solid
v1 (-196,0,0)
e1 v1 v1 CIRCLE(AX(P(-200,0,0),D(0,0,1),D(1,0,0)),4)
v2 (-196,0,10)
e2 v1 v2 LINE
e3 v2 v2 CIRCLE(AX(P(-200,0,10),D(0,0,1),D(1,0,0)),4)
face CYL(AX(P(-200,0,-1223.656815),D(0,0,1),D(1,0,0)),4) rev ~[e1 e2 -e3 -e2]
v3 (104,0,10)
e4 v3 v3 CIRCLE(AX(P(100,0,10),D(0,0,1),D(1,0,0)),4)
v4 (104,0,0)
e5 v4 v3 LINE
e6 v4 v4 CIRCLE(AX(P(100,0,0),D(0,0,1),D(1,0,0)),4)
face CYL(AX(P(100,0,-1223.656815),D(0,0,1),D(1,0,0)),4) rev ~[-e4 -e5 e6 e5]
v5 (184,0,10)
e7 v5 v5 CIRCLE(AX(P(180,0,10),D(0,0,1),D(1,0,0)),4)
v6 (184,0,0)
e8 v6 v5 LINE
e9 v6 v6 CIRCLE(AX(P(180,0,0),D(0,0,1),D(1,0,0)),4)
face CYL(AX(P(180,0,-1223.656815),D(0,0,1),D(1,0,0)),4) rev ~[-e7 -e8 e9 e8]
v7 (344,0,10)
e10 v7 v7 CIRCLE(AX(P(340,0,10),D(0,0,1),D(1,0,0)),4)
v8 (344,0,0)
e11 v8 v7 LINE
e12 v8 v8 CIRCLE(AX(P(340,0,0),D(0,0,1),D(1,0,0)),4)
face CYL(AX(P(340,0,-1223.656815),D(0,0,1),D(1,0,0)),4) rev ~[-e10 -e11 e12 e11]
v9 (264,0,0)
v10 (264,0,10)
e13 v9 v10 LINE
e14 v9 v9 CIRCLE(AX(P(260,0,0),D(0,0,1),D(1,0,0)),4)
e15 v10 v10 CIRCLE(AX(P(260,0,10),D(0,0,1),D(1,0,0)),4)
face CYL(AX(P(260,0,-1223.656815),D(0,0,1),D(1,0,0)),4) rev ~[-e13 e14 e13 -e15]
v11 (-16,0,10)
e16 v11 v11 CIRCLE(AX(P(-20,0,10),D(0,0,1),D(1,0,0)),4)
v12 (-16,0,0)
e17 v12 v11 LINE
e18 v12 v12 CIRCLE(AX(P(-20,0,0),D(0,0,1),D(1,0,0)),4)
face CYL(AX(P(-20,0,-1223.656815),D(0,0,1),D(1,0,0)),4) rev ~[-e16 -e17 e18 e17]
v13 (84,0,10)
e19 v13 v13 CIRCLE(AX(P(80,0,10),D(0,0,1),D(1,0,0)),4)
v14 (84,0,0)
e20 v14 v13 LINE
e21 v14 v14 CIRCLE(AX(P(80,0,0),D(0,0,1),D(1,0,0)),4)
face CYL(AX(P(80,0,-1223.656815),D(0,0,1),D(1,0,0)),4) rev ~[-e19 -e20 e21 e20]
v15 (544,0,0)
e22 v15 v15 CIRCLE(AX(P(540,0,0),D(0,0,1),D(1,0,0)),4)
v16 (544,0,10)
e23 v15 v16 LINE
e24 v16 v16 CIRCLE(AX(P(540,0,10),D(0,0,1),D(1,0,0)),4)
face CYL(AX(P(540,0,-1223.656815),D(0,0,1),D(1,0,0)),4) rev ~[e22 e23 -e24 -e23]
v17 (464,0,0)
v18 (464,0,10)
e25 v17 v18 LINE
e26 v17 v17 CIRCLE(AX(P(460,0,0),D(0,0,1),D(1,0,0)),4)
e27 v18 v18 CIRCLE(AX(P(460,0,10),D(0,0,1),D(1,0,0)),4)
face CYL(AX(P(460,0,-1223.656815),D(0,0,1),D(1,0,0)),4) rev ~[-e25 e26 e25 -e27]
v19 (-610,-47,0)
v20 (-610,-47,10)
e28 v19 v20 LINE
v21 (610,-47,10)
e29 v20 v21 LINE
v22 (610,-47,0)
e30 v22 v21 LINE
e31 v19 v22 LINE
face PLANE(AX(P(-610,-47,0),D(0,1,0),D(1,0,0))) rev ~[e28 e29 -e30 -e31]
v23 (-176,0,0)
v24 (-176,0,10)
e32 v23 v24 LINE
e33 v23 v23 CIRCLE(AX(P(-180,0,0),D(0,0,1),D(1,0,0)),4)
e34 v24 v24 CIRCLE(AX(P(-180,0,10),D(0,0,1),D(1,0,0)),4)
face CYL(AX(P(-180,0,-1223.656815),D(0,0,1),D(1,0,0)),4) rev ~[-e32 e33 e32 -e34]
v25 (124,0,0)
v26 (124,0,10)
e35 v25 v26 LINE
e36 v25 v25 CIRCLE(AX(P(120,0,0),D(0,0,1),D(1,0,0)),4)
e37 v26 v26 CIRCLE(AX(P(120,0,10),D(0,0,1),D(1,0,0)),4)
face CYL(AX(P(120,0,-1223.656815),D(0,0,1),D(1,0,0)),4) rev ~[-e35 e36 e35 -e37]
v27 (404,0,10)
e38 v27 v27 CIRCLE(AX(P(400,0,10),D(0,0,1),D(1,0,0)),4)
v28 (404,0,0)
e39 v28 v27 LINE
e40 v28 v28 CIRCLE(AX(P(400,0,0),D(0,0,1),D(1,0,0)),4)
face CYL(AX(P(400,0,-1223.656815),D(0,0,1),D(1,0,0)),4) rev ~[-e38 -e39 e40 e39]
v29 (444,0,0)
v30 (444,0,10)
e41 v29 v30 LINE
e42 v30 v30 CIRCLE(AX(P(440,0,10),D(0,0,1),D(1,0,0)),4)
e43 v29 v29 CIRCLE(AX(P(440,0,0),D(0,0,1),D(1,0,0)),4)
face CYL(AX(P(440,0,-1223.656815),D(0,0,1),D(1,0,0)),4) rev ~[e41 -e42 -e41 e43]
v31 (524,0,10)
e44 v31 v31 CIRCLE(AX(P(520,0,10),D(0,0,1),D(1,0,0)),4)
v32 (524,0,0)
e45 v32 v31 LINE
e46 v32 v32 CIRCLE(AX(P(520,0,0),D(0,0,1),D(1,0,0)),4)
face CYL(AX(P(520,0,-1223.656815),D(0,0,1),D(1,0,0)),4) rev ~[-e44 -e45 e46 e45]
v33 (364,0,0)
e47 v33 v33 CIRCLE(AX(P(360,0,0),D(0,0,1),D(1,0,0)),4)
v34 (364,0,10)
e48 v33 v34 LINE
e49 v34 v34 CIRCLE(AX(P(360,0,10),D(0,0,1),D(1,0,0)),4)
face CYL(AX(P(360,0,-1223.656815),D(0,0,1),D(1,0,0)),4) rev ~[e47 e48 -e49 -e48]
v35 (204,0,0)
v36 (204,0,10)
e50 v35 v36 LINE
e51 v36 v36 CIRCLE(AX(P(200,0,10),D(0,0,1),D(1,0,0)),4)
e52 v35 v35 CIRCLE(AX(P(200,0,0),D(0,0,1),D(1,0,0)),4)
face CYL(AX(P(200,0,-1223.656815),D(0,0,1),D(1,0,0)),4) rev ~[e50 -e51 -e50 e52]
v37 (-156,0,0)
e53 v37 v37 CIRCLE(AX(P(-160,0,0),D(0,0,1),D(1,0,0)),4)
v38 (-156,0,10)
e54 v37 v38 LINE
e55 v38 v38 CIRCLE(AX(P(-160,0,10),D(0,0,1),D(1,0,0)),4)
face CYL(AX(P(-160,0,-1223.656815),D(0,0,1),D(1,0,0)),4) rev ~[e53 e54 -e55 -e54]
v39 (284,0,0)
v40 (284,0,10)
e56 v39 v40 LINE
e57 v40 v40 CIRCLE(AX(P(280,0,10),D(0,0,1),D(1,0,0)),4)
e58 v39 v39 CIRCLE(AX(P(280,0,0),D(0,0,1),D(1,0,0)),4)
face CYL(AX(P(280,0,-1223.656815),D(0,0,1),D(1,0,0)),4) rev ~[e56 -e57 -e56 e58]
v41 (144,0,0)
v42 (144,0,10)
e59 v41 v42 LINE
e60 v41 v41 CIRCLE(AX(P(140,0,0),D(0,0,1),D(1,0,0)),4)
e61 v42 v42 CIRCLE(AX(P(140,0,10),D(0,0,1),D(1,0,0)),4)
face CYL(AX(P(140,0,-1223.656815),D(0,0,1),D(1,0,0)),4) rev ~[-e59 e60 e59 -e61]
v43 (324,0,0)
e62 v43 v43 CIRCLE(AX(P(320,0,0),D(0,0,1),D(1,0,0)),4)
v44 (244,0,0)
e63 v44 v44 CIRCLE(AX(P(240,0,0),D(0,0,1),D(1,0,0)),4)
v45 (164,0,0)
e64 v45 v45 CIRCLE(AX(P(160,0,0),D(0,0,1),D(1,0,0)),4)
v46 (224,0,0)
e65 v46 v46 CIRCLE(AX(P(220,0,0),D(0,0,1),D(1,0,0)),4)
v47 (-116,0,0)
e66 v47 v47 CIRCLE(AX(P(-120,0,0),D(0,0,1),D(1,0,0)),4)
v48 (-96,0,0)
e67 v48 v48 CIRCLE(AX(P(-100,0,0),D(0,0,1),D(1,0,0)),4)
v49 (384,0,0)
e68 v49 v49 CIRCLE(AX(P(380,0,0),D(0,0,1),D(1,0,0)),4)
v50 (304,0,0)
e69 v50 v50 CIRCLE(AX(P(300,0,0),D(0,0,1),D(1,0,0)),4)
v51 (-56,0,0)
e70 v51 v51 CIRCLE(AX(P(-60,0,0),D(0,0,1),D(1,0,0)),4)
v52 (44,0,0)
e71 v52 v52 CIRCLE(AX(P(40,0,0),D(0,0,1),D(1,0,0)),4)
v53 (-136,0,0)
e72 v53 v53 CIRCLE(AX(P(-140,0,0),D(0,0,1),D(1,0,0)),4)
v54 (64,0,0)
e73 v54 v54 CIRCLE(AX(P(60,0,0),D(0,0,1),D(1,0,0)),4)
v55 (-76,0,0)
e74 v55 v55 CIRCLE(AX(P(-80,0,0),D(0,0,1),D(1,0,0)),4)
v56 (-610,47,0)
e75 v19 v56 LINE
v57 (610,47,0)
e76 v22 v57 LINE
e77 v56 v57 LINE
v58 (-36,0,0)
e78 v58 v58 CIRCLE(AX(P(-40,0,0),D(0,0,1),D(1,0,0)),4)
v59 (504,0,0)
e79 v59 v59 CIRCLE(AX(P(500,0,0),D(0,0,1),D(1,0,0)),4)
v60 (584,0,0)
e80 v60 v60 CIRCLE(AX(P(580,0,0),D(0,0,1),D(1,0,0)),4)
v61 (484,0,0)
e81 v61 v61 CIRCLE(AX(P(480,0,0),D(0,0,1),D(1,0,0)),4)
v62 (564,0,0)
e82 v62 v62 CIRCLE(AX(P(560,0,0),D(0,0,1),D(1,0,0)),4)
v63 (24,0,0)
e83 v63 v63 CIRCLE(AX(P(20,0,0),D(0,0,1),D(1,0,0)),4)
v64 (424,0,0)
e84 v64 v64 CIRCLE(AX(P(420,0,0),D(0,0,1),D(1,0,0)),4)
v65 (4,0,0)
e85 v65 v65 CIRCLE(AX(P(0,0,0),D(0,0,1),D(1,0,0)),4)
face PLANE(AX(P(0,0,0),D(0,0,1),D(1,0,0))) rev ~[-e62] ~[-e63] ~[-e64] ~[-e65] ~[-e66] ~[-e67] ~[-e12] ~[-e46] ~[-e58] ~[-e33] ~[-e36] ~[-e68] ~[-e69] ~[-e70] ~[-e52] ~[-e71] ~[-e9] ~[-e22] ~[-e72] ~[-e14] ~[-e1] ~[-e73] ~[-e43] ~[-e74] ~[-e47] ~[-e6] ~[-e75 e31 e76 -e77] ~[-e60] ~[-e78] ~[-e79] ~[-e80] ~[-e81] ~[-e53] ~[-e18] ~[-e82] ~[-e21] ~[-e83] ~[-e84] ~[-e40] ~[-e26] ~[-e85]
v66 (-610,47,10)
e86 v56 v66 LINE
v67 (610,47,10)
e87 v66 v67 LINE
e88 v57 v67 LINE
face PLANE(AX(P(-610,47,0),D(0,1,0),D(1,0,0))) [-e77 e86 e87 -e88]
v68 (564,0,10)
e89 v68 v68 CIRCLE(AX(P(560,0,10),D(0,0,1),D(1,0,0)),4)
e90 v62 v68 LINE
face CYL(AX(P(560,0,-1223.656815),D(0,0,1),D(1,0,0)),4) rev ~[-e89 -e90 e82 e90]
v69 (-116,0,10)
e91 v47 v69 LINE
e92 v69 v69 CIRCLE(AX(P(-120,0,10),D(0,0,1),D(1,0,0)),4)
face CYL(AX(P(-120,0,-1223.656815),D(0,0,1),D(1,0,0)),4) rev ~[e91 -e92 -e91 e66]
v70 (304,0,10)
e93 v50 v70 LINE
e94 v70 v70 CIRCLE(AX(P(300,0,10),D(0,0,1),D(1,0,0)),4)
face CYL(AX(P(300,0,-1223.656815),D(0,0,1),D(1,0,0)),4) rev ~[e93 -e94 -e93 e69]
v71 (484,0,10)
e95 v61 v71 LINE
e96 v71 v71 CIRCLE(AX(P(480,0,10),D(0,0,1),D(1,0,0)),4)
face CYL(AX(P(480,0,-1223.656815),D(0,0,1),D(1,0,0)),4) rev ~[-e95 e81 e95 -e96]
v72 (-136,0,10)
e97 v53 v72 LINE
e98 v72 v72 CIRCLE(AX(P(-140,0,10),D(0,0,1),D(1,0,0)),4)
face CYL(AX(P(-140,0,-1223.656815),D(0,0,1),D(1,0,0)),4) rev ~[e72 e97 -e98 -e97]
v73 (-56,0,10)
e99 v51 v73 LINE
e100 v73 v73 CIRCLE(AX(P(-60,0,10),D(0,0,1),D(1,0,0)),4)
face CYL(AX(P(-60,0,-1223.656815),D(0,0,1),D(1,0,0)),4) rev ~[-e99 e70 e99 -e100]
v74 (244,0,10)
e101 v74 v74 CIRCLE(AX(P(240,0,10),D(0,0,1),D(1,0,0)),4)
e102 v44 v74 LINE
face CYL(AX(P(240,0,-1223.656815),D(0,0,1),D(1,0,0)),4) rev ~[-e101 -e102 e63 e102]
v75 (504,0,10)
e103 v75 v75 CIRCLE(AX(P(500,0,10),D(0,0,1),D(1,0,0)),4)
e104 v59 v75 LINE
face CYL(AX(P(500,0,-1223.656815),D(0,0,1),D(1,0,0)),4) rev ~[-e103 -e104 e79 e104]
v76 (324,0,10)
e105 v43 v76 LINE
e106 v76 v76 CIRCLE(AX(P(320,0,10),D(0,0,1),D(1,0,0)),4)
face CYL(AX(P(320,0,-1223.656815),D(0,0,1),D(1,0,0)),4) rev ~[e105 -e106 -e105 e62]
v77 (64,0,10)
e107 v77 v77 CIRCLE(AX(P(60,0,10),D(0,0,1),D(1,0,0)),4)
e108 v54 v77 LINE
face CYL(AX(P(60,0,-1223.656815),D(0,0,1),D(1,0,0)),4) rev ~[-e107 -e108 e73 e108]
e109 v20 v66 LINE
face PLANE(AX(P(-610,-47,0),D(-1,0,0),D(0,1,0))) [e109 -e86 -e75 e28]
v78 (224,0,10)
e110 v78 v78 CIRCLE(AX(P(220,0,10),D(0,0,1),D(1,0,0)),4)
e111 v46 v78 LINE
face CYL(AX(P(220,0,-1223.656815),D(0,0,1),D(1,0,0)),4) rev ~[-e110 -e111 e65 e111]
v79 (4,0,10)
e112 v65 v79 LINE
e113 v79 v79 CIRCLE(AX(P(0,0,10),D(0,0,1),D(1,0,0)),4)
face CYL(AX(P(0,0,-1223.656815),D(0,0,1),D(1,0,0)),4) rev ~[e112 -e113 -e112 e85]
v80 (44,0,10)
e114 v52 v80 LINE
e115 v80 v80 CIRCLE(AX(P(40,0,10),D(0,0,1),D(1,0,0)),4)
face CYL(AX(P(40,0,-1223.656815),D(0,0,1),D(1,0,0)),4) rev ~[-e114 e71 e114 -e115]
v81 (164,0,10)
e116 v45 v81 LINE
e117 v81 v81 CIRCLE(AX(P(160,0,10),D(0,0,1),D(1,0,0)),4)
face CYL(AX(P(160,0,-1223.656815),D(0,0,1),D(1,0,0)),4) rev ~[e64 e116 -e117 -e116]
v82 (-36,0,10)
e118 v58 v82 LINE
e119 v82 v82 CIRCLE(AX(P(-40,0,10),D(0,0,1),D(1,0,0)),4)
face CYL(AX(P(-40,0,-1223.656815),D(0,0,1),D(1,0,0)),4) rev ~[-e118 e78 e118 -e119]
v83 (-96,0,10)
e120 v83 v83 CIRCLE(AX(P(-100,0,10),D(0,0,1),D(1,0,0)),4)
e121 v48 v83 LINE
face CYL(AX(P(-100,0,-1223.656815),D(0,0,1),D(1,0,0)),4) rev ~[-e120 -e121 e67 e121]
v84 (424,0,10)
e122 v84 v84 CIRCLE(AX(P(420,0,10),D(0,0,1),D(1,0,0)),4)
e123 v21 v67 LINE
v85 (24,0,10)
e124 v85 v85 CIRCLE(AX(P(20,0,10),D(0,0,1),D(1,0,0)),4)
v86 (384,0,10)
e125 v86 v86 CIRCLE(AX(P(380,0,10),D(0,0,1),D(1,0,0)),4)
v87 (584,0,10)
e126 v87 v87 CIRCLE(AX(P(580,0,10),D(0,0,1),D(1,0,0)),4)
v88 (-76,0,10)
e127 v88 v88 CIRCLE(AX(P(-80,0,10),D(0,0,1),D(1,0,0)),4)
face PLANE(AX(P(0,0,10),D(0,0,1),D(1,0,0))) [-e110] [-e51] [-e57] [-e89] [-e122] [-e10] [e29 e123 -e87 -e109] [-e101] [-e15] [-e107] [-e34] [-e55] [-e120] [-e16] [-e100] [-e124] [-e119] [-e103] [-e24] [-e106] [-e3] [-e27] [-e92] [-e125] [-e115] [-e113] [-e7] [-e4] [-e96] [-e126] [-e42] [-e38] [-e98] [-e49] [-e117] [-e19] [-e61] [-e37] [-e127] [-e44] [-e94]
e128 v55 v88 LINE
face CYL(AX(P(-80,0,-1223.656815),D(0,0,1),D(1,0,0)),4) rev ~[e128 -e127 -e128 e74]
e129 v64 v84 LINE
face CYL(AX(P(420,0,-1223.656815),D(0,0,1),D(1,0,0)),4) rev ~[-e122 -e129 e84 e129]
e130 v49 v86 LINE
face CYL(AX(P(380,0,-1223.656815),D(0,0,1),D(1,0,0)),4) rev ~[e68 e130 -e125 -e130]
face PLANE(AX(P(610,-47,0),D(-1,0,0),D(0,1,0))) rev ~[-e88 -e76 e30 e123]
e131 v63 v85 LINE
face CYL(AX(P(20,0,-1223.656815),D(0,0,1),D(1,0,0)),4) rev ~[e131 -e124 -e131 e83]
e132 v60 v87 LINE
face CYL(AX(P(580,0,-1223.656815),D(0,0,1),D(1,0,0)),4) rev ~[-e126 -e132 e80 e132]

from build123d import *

# Parameters (mm, degrees)
SKETCH_1_W             = 1220
SKETCH_1_H             = 94
EXTRUDE_1_DEPTH        = 10
MM_1_D                 = 8
PATTERN_LINEAR_1_COUNT = 40
PATTERN_LINEAR_1_PITCH = 20


with BuildPart() as part:
    # 草图1 → 凸台-拉伸1 (new body)
    with BuildSketch(Plane.XY):
        Rectangle(SKETCH_1_W, SKETCH_1_H)
    extrude(amount=EXTRUDE_1_DEPTH)

    # 大小mm 暗销孔1 (through all)
    with Locations(Plane(origin=(0, 0, 0), x_dir=(-1, 0, 0), z_dir=(0, 0, -1))):
        with Locations((-580, 0)):
            mm_1 = Hole(MM_1_D / 2)

    # 阵列(线性)1: 大小mm 暗销孔1 ×40
    with Locations(*[(-i * PATTERN_LINEAR_1_PITCH, 0, 0) for i in range(1, PATTERN_LINEAR_1_COUNT)]):
        add(mm_1, mode=Mode.SUBTRACT)


solid = part.part
